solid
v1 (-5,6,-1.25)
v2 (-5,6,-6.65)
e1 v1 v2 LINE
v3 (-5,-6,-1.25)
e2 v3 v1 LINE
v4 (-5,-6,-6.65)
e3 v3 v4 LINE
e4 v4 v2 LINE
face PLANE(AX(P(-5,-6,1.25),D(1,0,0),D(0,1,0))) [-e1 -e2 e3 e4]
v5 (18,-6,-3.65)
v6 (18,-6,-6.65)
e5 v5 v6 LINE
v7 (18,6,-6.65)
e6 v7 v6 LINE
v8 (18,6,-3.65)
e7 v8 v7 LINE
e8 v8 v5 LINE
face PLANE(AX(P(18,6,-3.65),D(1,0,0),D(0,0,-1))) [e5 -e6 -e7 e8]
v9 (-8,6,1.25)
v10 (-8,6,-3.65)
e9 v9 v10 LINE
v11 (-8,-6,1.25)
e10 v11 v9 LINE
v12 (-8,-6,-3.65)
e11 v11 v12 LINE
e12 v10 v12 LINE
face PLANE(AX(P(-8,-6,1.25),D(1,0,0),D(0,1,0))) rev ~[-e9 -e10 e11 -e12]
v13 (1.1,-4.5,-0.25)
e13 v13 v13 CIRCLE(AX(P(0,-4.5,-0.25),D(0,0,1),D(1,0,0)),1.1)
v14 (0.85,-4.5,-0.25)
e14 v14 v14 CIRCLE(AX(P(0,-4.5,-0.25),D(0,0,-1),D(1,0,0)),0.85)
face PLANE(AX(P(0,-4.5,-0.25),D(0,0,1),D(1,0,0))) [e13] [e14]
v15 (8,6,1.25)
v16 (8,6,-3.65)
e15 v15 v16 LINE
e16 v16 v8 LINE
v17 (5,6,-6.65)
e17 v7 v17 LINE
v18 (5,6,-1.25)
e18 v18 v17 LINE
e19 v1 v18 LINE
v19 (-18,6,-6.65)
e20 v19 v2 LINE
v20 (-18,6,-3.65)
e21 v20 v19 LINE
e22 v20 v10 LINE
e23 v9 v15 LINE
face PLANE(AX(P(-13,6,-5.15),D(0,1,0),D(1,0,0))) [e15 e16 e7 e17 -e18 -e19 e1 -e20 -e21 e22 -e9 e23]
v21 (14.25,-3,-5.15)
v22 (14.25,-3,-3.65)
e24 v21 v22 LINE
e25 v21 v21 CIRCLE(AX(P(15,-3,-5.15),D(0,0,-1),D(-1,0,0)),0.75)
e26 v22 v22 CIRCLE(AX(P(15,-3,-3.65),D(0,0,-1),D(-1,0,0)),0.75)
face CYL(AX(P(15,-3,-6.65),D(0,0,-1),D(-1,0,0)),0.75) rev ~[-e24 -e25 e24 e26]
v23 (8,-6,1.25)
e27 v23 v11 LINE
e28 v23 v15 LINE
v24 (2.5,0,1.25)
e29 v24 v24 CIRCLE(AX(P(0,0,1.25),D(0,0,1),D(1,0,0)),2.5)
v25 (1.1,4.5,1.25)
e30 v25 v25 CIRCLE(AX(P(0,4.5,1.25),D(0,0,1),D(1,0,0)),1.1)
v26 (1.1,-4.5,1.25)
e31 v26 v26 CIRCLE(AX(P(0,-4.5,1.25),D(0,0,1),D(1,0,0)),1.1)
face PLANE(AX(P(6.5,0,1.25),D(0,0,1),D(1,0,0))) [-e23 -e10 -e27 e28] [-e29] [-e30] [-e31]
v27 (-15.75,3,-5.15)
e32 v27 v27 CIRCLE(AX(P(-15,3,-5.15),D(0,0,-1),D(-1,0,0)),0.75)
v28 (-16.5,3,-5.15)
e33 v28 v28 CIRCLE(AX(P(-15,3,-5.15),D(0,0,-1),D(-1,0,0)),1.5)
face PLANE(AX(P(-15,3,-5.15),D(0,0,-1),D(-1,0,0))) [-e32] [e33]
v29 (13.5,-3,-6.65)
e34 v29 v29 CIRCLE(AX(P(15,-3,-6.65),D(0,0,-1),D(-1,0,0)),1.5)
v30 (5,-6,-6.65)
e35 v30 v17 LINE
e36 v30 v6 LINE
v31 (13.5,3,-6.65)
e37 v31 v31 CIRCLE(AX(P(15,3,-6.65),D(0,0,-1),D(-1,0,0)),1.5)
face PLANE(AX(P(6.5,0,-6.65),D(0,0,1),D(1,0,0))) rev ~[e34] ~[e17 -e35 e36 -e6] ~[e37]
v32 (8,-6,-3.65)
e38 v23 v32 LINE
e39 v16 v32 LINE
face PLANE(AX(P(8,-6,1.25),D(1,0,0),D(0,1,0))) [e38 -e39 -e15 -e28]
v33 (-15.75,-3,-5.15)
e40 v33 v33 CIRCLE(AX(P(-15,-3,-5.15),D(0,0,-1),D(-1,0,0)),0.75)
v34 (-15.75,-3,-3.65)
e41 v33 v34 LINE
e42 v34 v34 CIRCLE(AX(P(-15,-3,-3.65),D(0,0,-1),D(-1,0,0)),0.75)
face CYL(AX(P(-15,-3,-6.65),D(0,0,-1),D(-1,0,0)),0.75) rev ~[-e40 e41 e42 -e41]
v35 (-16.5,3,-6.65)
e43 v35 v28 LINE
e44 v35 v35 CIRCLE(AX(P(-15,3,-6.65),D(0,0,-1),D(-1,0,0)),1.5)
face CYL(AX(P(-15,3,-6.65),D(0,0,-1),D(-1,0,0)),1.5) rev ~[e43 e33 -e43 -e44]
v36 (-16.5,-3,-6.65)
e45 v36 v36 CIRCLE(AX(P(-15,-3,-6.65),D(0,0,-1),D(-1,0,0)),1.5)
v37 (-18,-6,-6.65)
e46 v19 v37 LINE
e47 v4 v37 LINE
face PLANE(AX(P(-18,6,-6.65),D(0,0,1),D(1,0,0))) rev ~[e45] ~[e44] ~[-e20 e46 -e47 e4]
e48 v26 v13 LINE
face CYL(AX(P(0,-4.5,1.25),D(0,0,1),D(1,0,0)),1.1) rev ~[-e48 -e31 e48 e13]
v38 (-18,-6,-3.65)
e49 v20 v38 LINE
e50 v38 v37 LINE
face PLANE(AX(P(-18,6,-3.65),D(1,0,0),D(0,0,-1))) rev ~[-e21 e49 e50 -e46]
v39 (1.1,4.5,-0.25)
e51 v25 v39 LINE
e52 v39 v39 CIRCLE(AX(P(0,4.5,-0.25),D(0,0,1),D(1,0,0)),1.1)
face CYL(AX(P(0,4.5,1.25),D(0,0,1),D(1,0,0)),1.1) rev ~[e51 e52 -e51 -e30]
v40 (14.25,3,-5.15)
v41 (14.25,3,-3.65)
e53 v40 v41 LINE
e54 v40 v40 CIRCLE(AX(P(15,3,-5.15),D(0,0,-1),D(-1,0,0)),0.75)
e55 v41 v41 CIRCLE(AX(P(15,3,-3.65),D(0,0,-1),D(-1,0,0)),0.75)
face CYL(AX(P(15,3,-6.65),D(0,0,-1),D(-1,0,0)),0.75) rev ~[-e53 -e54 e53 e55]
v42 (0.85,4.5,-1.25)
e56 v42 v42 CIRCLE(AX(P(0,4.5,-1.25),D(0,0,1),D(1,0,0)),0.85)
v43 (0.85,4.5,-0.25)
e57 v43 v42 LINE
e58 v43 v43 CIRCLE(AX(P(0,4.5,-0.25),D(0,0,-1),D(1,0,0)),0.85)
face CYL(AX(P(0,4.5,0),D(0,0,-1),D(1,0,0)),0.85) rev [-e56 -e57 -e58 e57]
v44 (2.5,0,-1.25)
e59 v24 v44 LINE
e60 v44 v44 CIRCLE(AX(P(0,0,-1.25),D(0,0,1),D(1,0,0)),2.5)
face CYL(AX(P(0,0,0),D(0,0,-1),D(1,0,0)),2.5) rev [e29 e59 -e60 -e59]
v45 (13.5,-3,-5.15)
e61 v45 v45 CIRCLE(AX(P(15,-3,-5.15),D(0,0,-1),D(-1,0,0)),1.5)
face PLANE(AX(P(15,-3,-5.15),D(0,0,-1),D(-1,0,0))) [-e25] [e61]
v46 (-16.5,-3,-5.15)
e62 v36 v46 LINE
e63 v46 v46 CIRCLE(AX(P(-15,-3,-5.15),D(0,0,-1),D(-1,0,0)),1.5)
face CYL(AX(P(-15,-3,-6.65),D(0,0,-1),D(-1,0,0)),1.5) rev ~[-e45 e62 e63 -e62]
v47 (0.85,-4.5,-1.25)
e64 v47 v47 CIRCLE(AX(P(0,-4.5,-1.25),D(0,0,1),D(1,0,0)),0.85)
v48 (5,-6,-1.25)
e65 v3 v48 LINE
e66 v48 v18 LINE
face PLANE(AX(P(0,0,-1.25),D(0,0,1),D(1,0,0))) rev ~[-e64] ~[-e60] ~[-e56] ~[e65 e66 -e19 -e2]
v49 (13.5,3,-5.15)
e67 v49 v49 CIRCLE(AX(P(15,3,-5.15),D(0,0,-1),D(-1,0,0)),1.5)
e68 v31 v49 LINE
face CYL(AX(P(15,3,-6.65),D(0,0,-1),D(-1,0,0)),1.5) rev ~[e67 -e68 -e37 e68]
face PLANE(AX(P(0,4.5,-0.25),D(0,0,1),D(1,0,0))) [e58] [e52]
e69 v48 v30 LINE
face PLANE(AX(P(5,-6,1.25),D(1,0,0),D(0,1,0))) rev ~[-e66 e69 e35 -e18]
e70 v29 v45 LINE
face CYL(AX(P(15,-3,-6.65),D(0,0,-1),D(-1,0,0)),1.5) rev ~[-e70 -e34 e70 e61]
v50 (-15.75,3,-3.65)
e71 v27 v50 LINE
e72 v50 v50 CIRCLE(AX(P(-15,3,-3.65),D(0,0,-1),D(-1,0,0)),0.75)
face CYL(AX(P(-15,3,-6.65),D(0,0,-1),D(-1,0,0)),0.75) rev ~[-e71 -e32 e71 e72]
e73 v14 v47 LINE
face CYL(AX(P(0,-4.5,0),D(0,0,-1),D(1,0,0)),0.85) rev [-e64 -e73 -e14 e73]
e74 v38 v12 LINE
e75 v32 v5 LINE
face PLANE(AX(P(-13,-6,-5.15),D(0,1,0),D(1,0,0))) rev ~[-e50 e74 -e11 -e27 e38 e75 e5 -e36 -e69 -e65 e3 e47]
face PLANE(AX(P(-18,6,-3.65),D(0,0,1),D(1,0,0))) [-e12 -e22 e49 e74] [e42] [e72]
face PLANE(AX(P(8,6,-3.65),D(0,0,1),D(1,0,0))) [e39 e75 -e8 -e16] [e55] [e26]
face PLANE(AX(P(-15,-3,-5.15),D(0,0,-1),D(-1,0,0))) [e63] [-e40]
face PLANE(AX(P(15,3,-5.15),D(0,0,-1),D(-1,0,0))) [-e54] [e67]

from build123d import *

# Parameters (mm, degrees)
SKETCH_1_W          = 10
SKETCH_1_H          = 12
SKETCH_1_R          = 0.85
SKETCH_1_R_2        = 2.5
EXTRUDE_1_DEPTH     = 1.25
CUT_EXTRUDE_START   = 1.25
SKETCH_1_6_R        = 1.1
CUT_EXTRUDE_1_DEPTH = 1.5
SKETCH_2_W          = 3
SKETCH_2_H          = 12
EXTRUDE_2_DEPTH     = 7.9
SKETCH_3_W          = 10
SKETCH_3_H          = 3
EXTRUDE_3_DEPTH     = 12
SKETCH_4_R          = 0.75
CUT_EXTRUDE_2_DEPTH = 21.552615405
SKETCH_4_3_R        = 1.5
CUT_EXTRUDE_3_DEPTH = 1.5


with BuildPart() as part:
    # 草图1 → 凸台-拉伸1 (new, symmetric)
    with BuildSketch(Plane.XY):
        Rectangle(SKETCH_1_W, SKETCH_1_H)
        with Locations((0, 4.5)):
            Circle(SKETCH_1_R, mode=Mode.SUBTRACT)
        with Locations((0, -4.5)):
            Circle(SKETCH_1_R, mode=Mode.SUBTRACT)
        Circle(SKETCH_1_R_2, mode=Mode.SUBTRACT)
    extrude(amount=EXTRUDE_1_DEPTH, both=True)

    # 草图1<6> → 切除-拉伸1 (cut)
    with BuildSketch(Plane.XY.offset(CUT_EXTRUDE_START)):
        with Locations((0, 4.5)):
            Circle(SKETCH_1_6_R)
        with Locations((0, -4.5)):
            Circle(SKETCH_1_6_R)
    extrude(amount=-CUT_EXTRUDE_1_DEPTH, mode=Mode.SUBTRACT)

    # 草图2 → 凸台-拉伸2 (add)
    with BuildSketch(Plane.XY.offset(1.25)):
        with Locations((6.5, 0)):
            Rectangle(SKETCH_2_W, SKETCH_2_H)
        with Locations((-6.5, 0)):
            Rectangle(SKETCH_2_W, SKETCH_2_H)
    extrude(amount=-EXTRUDE_2_DEPTH)

    # 草图3 → 凸台-拉伸3 (add)
    with BuildSketch(Plane(origin=(0, 6, 0), x_dir=(1, 0, 0), z_dir=(0, 1, 0))):
        with Locations((-13, 5.15)):
            Rectangle(SKETCH_3_W, SKETCH_3_H)
        with Locations((13, 5.15)):
            Rectangle(SKETCH_3_W, SKETCH_3_H)
    extrude(amount=-EXTRUDE_3_DEPTH)

    # 草图4 → 切除-拉伸2 (cut, through all)
    with BuildSketch(Plane(origin=(0, 0, -6.65), x_dir=(-1, 0, 0), z_dir=(0, 0, -1))):
        with Locations((15, -3)):
            Circle(SKETCH_4_R)
        with Locations((15, 3)):
            Circle(SKETCH_4_R)
        with Locations((-15, -3)):
            Circle(SKETCH_4_R)
        with Locations((-15, 3)):
            Circle(SKETCH_4_R)
    extrude(amount=-CUT_EXTRUDE_2_DEPTH, mode=Mode.SUBTRACT)

    # 草图4<3> → 切除-拉伸3 (cut)
    with BuildSketch(Plane(origin=(0, 0, -6.65), x_dir=(-1, 0, 0), z_dir=(0, 0, -1))):
        with Locations((15, 3)):
            Circle(SKETCH_4_3_R)
        with Locations((15, -3)):
            Circle(SKETCH_4_3_R)
        with Locations((-15, 3)):
            Circle(SKETCH_4_3_R)
        with Locations((-15, -3)):
            Circle(SKETCH_4_3_R)
    extrude(amount=-CUT_EXTRUDE_3_DEPTH, mode=Mode.SUBTRACT)


solid = part.part
